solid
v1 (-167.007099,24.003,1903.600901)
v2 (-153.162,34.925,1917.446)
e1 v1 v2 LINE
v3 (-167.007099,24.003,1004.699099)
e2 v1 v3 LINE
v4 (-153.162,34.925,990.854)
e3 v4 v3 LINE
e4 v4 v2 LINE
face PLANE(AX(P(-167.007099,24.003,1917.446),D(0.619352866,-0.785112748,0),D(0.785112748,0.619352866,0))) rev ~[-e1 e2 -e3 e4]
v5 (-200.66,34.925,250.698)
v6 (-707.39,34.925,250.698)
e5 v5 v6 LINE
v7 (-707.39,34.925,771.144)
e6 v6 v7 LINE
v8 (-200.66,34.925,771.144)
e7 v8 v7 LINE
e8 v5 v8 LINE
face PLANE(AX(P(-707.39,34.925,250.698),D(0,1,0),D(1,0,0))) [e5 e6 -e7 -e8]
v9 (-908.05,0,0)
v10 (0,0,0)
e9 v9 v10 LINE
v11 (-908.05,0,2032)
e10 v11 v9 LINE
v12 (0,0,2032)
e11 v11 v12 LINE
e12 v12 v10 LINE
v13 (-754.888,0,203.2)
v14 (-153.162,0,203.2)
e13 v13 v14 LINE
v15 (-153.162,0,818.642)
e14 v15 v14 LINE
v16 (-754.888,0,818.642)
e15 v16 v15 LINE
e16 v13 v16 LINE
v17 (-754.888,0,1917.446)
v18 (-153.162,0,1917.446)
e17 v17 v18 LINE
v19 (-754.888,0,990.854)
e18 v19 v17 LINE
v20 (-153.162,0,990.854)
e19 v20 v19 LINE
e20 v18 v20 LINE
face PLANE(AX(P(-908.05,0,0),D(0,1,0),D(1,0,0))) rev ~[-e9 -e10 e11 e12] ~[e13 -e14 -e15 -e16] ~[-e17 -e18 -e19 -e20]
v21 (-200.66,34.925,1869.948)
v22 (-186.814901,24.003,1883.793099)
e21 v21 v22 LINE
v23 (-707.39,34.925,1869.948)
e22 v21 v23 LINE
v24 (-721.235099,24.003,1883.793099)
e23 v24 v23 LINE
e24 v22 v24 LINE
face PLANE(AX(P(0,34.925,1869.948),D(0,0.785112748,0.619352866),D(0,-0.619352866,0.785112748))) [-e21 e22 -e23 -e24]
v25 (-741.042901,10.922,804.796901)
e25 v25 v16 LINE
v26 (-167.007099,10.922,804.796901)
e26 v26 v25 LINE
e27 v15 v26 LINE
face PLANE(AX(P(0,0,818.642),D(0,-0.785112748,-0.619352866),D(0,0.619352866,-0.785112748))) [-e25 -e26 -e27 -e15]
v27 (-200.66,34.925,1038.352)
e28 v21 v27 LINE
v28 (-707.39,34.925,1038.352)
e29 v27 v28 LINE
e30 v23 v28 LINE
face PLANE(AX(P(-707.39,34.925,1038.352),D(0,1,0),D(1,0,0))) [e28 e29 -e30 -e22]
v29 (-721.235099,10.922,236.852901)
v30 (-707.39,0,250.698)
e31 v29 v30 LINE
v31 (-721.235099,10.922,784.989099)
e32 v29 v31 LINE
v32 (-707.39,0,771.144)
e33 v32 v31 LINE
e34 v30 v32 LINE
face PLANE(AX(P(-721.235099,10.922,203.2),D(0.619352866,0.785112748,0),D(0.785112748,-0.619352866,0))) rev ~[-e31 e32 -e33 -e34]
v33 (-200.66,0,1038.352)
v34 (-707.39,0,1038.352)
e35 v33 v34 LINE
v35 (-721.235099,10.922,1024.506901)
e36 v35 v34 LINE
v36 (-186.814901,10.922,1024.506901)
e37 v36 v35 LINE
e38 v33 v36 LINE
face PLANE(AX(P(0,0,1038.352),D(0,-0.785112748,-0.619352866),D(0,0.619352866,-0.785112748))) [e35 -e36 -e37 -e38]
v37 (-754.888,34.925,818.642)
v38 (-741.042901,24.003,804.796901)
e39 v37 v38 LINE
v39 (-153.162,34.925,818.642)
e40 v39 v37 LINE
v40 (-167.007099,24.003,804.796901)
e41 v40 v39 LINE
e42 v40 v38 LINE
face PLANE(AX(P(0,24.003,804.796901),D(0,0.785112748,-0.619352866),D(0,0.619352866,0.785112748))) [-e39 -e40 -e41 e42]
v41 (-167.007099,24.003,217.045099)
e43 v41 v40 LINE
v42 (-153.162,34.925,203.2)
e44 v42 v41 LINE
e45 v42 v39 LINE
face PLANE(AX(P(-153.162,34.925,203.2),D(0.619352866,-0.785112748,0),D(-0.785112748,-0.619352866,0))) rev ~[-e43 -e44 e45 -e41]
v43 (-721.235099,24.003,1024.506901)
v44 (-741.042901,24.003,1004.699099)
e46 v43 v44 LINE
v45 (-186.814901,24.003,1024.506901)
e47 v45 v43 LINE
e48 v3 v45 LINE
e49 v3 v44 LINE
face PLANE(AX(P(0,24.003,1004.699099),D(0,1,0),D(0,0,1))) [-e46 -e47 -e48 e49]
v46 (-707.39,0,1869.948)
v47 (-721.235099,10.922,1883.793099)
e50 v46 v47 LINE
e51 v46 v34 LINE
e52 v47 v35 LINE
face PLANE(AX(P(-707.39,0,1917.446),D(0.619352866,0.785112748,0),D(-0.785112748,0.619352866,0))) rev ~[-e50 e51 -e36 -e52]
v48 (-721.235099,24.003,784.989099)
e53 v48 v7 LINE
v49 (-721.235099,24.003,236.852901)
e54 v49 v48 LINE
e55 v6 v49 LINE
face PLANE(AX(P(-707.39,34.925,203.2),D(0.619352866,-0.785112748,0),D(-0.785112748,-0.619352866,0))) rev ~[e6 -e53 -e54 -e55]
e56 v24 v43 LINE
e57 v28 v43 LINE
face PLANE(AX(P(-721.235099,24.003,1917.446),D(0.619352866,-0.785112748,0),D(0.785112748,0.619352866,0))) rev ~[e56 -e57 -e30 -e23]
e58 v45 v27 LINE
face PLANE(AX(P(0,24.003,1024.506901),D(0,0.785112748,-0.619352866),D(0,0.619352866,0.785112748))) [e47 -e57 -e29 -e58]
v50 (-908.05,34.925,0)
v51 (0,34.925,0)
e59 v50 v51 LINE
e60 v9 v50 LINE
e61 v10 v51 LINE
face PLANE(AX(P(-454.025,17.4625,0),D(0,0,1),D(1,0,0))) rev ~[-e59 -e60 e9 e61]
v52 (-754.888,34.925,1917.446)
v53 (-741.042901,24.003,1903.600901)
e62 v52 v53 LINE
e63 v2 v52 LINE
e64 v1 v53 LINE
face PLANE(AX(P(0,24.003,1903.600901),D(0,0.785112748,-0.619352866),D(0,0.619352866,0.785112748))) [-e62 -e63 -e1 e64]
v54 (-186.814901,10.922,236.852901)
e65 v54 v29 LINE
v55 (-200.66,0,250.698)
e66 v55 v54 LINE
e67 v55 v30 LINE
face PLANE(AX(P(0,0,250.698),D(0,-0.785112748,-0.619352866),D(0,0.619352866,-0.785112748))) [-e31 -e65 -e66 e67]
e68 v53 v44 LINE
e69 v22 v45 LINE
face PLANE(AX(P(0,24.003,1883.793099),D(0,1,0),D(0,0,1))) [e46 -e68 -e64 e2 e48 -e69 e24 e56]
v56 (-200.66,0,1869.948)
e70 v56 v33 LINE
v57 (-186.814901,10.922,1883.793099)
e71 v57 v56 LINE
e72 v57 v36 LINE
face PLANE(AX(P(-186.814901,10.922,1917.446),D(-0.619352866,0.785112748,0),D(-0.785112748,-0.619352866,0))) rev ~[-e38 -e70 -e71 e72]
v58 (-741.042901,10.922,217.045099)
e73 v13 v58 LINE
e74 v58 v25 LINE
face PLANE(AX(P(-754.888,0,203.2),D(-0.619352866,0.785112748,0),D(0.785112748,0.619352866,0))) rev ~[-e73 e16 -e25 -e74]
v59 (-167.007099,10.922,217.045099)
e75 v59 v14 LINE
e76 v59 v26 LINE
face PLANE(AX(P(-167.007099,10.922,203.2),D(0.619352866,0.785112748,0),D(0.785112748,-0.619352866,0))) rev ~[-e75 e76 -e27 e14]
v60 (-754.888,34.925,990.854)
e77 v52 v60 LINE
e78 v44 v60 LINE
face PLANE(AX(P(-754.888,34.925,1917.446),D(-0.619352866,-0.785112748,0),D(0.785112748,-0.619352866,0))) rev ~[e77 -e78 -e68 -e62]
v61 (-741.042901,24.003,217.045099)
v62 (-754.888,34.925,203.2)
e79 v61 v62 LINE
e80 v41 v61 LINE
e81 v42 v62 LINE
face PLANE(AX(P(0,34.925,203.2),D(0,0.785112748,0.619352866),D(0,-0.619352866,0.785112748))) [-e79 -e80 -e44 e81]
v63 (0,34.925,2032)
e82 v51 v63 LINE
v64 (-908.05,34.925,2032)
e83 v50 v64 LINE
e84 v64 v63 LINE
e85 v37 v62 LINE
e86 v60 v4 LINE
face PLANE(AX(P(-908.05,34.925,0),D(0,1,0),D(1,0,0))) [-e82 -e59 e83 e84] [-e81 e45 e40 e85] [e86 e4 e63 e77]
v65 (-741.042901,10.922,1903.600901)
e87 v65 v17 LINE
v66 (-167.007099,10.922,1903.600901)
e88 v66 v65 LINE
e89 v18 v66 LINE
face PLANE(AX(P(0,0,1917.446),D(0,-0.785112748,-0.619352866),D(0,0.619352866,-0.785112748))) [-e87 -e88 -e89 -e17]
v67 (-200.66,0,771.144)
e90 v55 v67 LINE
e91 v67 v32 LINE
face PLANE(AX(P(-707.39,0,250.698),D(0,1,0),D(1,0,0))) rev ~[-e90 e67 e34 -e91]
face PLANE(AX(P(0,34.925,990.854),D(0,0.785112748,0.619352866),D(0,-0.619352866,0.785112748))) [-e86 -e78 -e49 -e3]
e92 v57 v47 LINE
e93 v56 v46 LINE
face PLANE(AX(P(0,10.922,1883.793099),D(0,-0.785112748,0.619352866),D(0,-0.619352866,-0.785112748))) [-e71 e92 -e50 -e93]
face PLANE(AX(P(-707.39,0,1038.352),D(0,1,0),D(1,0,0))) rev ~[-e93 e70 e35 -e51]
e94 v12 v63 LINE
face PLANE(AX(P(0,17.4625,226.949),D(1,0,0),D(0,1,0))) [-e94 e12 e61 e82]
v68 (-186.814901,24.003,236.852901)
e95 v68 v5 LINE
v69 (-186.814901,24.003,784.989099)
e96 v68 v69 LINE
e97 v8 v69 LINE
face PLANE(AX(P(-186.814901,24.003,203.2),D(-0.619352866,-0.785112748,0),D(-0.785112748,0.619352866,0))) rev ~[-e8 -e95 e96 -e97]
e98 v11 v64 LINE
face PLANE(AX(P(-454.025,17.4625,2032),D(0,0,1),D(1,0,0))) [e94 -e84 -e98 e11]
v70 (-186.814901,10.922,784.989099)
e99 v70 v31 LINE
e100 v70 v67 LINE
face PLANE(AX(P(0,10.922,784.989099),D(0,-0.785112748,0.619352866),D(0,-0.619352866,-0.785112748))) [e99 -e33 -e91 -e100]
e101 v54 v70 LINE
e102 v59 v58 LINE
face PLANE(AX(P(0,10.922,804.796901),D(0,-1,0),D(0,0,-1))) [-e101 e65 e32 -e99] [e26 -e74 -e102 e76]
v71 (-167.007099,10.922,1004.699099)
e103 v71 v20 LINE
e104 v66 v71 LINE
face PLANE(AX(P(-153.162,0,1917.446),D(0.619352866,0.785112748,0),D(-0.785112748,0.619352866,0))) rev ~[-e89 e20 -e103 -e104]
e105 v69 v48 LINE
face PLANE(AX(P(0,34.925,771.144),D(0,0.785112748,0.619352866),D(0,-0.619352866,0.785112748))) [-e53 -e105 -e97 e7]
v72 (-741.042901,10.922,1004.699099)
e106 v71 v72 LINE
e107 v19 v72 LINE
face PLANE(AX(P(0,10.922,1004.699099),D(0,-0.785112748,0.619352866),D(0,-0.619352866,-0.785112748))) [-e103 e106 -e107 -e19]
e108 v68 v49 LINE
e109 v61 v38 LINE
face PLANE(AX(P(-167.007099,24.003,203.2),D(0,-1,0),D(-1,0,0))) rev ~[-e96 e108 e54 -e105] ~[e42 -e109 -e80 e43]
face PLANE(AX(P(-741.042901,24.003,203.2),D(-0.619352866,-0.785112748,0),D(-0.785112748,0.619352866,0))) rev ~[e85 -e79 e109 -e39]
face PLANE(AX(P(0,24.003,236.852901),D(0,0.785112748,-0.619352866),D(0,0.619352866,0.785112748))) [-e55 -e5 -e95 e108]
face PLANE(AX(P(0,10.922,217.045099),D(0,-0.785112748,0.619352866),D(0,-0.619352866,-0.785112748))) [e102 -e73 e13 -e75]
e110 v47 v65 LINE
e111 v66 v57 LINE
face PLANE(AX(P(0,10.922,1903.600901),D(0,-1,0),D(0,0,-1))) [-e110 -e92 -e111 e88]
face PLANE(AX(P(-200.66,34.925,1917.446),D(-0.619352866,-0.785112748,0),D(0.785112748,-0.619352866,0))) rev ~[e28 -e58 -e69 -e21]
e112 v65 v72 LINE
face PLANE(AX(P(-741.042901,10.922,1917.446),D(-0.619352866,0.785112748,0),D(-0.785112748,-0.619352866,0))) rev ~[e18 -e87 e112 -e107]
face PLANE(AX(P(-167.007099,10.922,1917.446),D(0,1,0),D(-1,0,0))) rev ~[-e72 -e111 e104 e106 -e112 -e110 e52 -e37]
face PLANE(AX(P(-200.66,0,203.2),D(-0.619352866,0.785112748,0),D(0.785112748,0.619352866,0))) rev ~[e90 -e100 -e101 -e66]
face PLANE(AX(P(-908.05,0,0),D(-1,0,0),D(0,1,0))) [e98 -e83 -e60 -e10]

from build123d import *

# Parameters (mm, degrees)
F0_W      = 908.05
F0_H      = 34.925
F1_DEPTH  = 2032
F2_W      = 601.726
F2_H      = 615.442
F3_DEPTH  = 34.926
F8_DEPTH  = 926.592
F9_DEPTH  = 615.442
F11_DEPTH = 34.926
F13_DEPTH = 908.05
F15_DEPTH = 34.926
F17_W     = 506.7300000006
F17_H     = 34.925
F18_DEPTH = 831.596
F19_W     = 506.7300000008
F19_H     = 34.925
F20_DEPTH = 520.446


with BuildPart() as f1:
    # F0 (on Top) → F1 (new body)
    with BuildSketch(Plane.XY):
        with Locations((-454.025, 17.4625)):
            Rectangle(F0_W, F0_H)
    extrude(amount=F1_DEPTH)

    # F2 (on Front) → F3 (cut, through all)
    with BuildSketch(Plane.XZ):
        Polygon((-754.888, 1917.446), (-754.888, 990.854), (-153.162, 990.854), (-153.162, 1917.446), (-454.025, 1917.446), align=None)
        with Locations((-454.025, 510.921)):
            Rectangle(F2_W, F2_H)
    extrude(amount=-F3_DEPTH, mode=Mode.SUBTRACT)

    # F6 (on face) → F8 (join, through all)
    with BuildSketch(Plane(origin=(0, 0, 1917.446), x_dir=(1, 0, 0), z_dir=(0, 0, -1))):
        Polygon((-200.66, -17.4625), (-200.66, -34.925), (-186.8149014921, -24.003), (-176.911, -24.003), (-167.0070985079, -24.003), (-153.162, -34.925), (-153.162, -17.4625), (-153.162, 0), (-167.0070985079, -10.922), (-176.911, -10.922), (-186.8149014921, -10.922), (-200.66, 0), align=None)
        Polygon((-741.0429014921, -24.003), (-731.139, -24.003), (-721.2350985079, -24.003), (-707.39, -34.925), (-707.39, -17.4625), (-707.39, 0), (-721.2350985079, -10.922), (-731.139, -10.922), (-741.0429014921, -10.922), (-754.888, 0), (-754.888, -17.4625), (-754.888, -34.925), align=None)
    extrude(amount=F8_DEPTH)

    # F7 (on face) → F9 (join, through all)
    with BuildSketch(Plane.XY.offset(203.2)):
        Polygon((-200.66, 34.925), (-200.66, 17.4625), (-200.66, 0), (-186.8149014921, 10.922), (-176.911, 10.922), (-167.0070985079, 10.922), (-153.162, 0), (-153.162, 17.4625), (-153.162, 34.925), (-167.0070985079, 24.003), (-176.911, 24.003), (-186.8149014921, 24.003), align=None)
        Polygon((-721.2350985079, 24.003), (-731.139, 24.003), (-741.0429014921, 24.003), (-754.888, 34.925), (-754.888, 17.4625), (-754.888, 0), (-741.0429014921, 10.922), (-731.139, 10.922), (-721.2350985079, 10.922), (-707.39, 0), (-707.39, 17.4625), (-707.39, 34.925), align=None)
    extrude(amount=F9_DEPTH)

    # F10 (on Front) → F11 (cut, through all)
    with BuildSketch(Plane.XZ):
        Polygon((-754.888, 1917.446), (-454.025, 1616.583), (-153.162, 1917.446), (-200.66, 1917.446), (-707.39, 1917.446), align=None)
        Polygon((-153.162, 990.854), (-454.025, 1291.717), (-754.888, 990.854), (-200.66, 990.854), align=None)
        Polygon((-153.162, 818.642), (-200.66, 818.642), (-707.39, 818.642), (-754.888, 818.642), (-454.025, 517.779), align=None)
        Polygon((-754.888, 203.2), (-200.66, 203.2), (-153.162, 203.2), (-454.025, 504.063), align=None)
    extrude(amount=-F11_DEPTH, mode=Mode.SUBTRACT)


with BuildPart() as f13:
    # F12 (on Right) → F13 (new body, through all)
    with BuildSketch(Plane.YZ):
        Polygon((34.925, 1917.446), (0, 1917.446), (10.9219999999, 1903.6009014923), (10.922, 1883.7930985079), (0, 1869.948), (34.925, 1869.948), (24.003, 1883.793098508), (24.003, 1903.6009014921), align=None)
    extrude(amount=-F13_DEPTH)


with BuildPart() as f13b:
    # F12 (on Right) → F13, piece 2 (new body, through all)
    with BuildSketch(Plane.YZ):
        Polygon((10.922, 1004.6990985079), (0, 990.854), (34.925, 990.854), (24.0029999999, 1004.6990985081), (24.003, 1024.5069014921), (34.925, 1038.3520000001), (0, 1038.352), (10.922, 1024.5069014922), align=None)
    extrude(amount=-F13_DEPTH)


with BuildPart() as f13c:
    # F12 (on Right) → F13, piece 3 (new body, through all)
    with BuildSketch(Plane.YZ):
        Polygon((24.003, 784.9890985079), (24.003, 804.7969014922), (34.925, 818.642), (0, 818.642), (10.922, 804.796901492), (10.922, 784.9890985079), (1e-10, 771.1440000001), (34.925, 771.144), align=None)
    extrude(amount=-F13_DEPTH)


with BuildPart() as f13d:
    # F12 (on Right) → F13, piece 4 (new body, through all)
    with BuildSketch(Plane.YZ):
        Polygon((34.925, 203.2), (24.003, 217.0450985079), (24.003, 236.852901492), (34.925, 250.698), (0, 250.698), (10.922, 236.8529014921), (10.922, 217.0450985078), (0, 203.2), align=None)
    extrude(amount=-F13_DEPTH)


with BuildPart() as f15_tool:
    # F14 (on Front) → F15 (new body, through all)
    with BuildSketch(Plane.XZ):
        Polygon((-754.888, 818.642), (-754.888, 203.2), (-454.025, 504.063), (-153.162, 203.2), (-153.162, 818.642), (-454.025, 517.779), align=None)
        Polygon((-153.162, 1917.446), (-454.025, 1616.583), (-754.888, 1917.446), (-754.888, 990.854), (-454.025, 1291.717), (-153.162, 990.854), align=None)
    extrude(amount=-F15_DEPTH)


with BuildPart() as f13_1:
    add(f13.part)

    # F15: cut by f15_tool
    add(f15_tool.part, mode=Mode.SUBTRACT)


with BuildPart() as f13b_1:
    add(f13b.part)

    # F15: cut by f15_tool
    add(f15_tool.part, mode=Mode.SUBTRACT)


with BuildPart() as f13c_1:
    add(f13c.part)

    # F15: cut by f15_tool
    add(f15_tool.part, mode=Mode.SUBTRACT)


with BuildPart() as f13d_1:
    add(f13d.part)

    # F15: cut by f15_tool
    add(f15_tool.part, mode=Mode.SUBTRACT)


with BuildPart() as f1_1:
    add(f1.part)

    # F16: union F13, F13b, F13c, F13d
    add(f13_1.part)
    add(f13b_1.part)
    add(f13c_1.part)
    add(f13d_1.part)

    # F17 (on face) → F18 (join, through all)
    with BuildSketch(Plane.XY.offset(1038.352)):
        with Locations((-454.0250000003, 17.4625)):
            Rectangle(F17_W, F17_H)
    extrude(amount=F18_DEPTH)

    # F19 (on face) → F20 (join, through all)
    with BuildSketch(Plane.XY.offset(250.698)):
        with Locations((-454.0250000004, 17.4625)):
            Rectangle(F19_W, F19_H)
    extrude(amount=F20_DEPTH)


solid = f1_1.part
